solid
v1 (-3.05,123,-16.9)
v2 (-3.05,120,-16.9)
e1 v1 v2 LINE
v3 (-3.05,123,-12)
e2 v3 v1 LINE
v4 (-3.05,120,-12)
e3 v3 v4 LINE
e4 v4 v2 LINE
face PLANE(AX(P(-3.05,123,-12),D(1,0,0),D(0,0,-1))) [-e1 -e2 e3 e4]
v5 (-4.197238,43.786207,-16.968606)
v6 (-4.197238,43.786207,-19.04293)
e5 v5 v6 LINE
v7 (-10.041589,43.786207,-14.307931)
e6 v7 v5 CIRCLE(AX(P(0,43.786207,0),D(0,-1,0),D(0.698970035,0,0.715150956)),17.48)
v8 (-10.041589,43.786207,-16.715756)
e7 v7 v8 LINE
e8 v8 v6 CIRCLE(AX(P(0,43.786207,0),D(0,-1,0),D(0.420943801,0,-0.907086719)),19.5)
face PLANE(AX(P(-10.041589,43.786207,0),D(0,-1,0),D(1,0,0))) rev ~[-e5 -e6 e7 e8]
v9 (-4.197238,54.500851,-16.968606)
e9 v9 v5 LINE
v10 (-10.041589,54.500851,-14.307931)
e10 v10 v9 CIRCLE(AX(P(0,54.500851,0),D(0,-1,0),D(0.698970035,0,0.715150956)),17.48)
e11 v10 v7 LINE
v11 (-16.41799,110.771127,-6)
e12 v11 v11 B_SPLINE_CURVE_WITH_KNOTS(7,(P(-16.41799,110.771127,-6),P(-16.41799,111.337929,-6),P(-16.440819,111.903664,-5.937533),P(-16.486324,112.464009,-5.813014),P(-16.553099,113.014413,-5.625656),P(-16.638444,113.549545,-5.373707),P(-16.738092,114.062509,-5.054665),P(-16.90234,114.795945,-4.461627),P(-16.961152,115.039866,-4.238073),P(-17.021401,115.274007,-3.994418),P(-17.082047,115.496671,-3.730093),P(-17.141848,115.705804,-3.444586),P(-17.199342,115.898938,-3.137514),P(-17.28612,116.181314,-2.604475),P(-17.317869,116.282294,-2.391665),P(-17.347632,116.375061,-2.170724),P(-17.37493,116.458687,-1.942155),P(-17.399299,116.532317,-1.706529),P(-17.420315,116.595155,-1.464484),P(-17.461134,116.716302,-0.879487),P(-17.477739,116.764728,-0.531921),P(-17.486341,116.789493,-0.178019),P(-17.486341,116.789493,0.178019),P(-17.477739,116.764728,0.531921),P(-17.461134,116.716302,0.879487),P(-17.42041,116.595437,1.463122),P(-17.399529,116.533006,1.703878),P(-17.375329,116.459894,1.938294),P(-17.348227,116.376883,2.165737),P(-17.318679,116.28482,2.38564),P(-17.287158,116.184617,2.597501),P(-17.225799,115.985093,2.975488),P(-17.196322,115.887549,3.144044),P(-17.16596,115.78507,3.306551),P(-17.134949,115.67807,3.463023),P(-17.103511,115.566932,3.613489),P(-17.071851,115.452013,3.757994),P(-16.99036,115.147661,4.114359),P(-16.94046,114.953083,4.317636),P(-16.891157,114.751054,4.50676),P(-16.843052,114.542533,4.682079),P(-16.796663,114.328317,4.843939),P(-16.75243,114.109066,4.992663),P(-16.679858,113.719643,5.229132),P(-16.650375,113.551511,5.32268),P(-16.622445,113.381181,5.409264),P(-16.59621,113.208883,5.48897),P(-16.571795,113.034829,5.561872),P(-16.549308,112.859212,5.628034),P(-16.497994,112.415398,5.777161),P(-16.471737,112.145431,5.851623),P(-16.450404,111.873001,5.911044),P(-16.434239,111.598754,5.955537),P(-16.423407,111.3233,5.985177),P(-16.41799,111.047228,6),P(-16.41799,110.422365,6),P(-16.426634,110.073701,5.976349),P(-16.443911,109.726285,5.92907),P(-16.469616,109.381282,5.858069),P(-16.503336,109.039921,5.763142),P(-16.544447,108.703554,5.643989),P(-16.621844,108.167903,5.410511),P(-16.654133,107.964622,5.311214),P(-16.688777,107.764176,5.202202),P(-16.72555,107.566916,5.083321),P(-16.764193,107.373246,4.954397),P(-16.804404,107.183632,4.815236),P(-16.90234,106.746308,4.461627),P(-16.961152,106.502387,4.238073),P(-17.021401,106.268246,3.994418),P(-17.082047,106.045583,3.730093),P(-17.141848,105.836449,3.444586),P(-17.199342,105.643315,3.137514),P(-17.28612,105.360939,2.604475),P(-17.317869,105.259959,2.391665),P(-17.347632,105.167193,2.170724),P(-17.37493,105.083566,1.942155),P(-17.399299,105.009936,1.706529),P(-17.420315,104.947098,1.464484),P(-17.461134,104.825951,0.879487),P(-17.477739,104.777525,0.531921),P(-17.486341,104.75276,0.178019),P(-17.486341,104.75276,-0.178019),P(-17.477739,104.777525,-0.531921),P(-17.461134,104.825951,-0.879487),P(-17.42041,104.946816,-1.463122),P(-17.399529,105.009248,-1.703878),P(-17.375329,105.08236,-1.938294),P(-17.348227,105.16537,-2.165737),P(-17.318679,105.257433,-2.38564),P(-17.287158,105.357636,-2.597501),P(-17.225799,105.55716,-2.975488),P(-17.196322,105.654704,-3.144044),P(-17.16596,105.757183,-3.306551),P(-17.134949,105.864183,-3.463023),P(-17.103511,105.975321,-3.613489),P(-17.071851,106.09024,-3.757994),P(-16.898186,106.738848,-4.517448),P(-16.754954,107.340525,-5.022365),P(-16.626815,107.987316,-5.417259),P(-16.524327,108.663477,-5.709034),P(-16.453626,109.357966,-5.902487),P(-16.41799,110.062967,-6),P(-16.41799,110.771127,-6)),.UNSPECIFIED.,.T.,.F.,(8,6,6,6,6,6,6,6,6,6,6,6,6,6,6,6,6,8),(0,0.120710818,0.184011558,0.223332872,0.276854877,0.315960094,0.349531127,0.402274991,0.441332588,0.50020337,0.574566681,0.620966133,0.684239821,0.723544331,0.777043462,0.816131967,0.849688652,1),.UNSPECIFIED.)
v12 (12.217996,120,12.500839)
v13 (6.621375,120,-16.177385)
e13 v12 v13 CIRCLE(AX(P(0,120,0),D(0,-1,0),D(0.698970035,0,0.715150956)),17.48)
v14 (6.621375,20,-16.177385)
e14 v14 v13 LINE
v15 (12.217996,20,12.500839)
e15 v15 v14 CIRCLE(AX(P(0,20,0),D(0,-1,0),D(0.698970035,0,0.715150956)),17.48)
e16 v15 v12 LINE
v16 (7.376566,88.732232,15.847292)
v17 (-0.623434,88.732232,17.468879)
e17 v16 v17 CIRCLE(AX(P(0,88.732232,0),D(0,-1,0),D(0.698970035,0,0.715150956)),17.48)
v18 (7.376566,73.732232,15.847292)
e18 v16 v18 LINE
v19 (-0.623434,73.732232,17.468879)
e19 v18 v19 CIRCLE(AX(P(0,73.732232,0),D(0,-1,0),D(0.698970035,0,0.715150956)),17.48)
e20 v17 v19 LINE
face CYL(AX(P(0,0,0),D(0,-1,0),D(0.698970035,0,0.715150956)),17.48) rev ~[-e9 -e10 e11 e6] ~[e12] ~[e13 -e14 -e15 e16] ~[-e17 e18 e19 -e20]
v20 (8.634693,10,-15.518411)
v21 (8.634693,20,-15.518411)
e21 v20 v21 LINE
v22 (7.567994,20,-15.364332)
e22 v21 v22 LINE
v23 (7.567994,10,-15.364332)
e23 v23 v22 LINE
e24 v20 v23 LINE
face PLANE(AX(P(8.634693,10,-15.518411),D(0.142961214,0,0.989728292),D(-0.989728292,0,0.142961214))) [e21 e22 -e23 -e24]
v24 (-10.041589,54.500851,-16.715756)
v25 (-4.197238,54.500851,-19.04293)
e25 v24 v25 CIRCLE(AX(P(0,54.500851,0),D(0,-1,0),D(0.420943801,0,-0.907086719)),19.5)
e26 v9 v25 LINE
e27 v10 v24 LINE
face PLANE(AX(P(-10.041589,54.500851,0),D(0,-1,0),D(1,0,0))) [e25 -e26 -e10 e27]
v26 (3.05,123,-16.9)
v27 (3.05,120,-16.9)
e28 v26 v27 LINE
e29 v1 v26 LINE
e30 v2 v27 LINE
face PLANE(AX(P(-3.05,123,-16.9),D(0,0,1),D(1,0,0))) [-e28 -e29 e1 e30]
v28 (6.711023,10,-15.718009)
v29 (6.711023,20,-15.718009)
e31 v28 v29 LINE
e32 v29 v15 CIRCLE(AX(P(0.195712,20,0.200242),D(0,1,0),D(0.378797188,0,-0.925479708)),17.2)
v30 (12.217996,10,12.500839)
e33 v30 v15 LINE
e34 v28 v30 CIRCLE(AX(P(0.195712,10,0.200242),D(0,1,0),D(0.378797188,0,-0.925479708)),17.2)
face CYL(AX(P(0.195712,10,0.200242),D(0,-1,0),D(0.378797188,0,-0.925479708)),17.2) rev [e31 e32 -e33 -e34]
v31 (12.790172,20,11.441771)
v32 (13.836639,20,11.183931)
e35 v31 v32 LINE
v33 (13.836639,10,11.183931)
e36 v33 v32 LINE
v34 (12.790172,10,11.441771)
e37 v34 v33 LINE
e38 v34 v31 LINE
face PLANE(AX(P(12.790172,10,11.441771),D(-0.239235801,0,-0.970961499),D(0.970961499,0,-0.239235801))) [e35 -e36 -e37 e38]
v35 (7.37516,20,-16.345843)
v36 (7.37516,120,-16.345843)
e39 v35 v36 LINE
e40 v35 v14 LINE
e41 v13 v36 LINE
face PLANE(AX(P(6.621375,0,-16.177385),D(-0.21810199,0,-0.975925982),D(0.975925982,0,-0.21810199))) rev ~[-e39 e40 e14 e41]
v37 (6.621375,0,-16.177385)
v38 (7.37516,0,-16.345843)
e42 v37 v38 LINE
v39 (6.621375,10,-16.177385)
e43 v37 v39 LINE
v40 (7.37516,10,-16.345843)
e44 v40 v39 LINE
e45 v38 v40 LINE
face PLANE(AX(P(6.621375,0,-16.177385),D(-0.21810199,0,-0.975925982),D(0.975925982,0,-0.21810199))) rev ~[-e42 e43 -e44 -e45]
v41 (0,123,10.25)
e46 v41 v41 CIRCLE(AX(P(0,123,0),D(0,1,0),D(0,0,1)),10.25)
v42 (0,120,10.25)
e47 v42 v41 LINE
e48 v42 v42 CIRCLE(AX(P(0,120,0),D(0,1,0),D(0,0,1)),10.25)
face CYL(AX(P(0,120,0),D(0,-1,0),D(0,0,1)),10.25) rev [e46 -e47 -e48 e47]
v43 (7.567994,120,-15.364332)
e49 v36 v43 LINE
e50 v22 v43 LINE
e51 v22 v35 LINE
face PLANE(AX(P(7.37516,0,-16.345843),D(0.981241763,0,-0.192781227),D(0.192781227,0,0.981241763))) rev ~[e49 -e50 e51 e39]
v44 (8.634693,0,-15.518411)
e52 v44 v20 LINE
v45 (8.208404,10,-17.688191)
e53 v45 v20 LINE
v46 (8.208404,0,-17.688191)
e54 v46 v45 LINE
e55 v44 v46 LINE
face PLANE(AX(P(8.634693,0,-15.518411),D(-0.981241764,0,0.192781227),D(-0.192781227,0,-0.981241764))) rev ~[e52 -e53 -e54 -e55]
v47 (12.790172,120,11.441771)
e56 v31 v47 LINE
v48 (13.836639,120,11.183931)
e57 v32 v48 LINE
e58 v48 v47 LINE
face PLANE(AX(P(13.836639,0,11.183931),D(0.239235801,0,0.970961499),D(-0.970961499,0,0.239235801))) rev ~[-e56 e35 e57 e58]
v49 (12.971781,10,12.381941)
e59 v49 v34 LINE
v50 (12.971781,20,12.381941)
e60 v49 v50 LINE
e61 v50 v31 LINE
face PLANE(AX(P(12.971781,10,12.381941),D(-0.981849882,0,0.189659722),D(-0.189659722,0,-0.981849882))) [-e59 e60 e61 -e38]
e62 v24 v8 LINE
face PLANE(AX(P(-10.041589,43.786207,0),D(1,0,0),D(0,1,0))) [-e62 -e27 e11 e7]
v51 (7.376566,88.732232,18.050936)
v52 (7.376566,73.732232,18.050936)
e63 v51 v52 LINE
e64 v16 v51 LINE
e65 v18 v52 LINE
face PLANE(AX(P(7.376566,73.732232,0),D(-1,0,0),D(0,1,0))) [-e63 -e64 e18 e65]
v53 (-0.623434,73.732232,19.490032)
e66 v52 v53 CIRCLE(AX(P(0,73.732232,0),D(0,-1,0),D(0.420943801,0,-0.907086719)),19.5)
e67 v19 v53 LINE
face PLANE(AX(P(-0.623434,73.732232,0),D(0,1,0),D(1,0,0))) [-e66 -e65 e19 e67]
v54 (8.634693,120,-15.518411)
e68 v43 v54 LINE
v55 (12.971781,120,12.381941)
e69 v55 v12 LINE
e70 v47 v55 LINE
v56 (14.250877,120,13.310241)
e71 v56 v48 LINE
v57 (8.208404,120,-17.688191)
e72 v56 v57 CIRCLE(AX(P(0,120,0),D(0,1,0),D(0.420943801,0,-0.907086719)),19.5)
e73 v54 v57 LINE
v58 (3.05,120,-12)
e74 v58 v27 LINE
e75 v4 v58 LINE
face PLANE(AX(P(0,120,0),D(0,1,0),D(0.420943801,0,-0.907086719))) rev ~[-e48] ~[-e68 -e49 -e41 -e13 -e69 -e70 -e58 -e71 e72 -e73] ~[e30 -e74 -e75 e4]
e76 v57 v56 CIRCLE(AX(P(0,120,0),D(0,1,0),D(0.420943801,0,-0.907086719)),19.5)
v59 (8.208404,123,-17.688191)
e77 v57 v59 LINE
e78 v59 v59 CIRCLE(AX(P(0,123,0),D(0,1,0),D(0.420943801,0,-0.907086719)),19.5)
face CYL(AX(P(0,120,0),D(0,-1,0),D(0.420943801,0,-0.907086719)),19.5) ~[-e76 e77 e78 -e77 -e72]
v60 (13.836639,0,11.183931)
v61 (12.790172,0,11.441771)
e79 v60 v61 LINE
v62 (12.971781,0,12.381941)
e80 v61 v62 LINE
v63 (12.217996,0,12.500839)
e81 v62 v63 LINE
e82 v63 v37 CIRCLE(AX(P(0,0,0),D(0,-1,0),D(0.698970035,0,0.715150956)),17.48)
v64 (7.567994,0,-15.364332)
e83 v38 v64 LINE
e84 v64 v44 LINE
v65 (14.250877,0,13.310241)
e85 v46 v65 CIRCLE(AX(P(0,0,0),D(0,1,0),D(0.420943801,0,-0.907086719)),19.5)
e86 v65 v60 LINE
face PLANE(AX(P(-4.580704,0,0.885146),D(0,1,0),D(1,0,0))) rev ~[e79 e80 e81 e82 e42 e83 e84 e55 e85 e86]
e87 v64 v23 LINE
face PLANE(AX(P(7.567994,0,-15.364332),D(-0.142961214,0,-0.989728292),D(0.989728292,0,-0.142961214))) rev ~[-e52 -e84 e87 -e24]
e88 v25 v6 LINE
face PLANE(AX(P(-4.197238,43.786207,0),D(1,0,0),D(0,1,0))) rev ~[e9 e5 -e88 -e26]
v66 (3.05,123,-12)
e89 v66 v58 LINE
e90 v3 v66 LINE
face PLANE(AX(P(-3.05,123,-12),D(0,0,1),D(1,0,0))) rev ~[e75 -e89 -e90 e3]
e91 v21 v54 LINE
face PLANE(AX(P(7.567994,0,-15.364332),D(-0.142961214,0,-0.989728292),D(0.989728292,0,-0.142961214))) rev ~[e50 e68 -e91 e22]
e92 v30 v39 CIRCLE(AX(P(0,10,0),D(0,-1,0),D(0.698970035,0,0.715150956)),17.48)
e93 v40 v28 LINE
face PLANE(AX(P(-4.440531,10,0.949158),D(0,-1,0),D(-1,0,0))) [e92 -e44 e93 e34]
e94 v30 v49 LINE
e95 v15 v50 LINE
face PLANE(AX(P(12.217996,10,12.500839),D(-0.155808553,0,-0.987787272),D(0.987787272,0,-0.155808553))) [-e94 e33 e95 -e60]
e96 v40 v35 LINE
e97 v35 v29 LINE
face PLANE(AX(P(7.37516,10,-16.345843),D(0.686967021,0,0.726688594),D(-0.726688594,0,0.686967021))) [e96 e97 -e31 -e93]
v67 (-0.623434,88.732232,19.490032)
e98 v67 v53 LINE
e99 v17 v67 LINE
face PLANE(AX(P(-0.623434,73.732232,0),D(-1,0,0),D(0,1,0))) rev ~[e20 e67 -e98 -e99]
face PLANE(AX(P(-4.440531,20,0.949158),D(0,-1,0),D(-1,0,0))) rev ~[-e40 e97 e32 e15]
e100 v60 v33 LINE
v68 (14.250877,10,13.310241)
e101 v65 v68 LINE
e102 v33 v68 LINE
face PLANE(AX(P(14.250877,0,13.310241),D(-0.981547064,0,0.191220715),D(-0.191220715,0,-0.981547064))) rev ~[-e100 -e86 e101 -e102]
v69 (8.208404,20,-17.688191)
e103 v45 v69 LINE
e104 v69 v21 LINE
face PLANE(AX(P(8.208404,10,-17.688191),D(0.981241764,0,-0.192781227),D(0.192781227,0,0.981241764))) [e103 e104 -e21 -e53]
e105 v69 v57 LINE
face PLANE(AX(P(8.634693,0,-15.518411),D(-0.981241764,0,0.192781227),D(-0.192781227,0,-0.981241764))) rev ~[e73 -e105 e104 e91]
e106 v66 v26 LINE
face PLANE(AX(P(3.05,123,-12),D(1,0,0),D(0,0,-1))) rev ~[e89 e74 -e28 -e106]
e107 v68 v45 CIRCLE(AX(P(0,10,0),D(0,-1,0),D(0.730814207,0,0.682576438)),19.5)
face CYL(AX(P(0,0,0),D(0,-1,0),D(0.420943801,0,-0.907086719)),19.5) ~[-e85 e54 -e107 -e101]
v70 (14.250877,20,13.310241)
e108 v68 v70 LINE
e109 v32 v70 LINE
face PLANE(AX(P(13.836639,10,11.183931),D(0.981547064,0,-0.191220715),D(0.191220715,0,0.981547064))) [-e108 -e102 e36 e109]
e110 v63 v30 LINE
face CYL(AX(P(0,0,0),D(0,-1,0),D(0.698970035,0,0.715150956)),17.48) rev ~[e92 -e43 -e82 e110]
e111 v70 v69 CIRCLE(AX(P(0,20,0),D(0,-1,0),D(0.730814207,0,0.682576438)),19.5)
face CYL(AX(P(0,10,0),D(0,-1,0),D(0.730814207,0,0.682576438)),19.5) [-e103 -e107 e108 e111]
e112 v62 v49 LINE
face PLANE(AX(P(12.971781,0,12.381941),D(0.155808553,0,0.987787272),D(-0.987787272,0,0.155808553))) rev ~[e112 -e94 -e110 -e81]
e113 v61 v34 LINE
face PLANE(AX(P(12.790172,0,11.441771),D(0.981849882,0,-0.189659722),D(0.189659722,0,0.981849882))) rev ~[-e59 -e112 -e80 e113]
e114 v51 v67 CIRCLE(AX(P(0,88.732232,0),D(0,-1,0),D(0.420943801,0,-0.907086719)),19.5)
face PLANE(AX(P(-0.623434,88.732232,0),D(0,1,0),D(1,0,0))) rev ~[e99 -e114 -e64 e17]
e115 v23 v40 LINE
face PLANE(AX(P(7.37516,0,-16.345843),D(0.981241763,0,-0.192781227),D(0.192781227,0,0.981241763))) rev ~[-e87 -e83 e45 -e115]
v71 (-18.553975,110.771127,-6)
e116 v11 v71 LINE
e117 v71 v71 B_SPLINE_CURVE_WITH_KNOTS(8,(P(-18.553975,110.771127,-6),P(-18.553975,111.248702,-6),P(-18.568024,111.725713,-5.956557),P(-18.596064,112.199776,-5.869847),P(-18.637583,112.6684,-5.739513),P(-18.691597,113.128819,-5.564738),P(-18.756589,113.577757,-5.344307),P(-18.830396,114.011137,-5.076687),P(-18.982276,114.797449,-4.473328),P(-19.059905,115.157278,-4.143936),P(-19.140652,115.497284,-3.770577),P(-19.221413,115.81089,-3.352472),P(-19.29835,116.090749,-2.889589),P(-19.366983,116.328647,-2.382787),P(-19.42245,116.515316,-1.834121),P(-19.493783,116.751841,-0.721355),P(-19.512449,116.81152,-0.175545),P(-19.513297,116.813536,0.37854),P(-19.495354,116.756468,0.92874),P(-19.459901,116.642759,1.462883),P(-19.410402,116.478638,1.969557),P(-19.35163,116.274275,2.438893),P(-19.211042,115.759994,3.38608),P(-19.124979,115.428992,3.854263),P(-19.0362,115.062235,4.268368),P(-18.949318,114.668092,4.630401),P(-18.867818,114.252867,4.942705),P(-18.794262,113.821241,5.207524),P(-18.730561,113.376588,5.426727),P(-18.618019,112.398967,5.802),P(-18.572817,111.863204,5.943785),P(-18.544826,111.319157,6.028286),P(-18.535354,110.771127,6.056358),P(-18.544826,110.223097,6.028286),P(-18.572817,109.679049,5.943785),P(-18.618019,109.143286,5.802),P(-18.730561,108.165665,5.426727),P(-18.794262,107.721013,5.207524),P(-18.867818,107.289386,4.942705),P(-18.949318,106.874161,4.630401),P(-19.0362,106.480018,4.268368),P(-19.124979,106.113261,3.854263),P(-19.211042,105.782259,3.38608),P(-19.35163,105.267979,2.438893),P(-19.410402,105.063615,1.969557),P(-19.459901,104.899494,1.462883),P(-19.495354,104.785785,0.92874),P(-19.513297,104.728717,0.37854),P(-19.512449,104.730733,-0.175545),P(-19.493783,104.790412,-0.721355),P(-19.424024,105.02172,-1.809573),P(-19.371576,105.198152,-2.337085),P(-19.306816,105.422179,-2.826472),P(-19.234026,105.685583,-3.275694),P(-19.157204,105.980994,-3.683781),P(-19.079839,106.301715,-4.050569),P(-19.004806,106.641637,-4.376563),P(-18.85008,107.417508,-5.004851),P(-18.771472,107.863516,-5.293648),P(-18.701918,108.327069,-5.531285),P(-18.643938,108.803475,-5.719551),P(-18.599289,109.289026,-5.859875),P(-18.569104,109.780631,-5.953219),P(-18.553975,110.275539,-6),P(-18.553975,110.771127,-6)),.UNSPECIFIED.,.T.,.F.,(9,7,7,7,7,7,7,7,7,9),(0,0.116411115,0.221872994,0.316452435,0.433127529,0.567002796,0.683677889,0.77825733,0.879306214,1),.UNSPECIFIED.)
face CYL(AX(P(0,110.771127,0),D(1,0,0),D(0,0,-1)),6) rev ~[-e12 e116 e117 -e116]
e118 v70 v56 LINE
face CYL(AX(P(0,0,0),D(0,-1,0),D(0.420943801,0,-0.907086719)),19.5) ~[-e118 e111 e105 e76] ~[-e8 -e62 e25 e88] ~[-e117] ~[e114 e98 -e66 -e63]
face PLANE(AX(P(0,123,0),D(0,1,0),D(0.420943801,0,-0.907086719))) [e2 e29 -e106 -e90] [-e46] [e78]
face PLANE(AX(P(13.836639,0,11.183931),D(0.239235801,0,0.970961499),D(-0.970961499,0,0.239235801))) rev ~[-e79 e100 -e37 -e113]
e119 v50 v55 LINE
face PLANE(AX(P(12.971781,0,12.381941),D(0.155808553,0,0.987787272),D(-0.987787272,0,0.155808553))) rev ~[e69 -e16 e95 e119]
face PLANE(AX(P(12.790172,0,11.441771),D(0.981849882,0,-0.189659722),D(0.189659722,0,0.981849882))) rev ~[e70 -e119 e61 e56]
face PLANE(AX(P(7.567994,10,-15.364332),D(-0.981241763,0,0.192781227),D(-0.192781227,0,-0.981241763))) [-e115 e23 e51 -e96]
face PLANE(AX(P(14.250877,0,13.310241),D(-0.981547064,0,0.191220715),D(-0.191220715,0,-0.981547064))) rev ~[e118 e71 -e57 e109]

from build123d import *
from build123d.topology import SkipClean

# Parameters (mm, degrees)
BOSS_EXTRUDE1_DEPTH = 120
SKETCH13_R          = 19.5
SKETCH13_R_2        = 10.25
BOSS_EXTRUDE3_DEPTH = 3
SKETCH16_W          = 6.1
SKETCH16_H          = 4.9
CUT_EXTRUDE1_DEPTH  = 5
SKETCH17_W          = 8
SKETCH17_H          = 15
CUT_EXTRUDE2_DEPTH  = 150
SKETCH18_R          = 6
CUT_EXTRUDE5_DEPTH  = 20
SKETCH21_W          = 5.844351091
SKETCH21_H          = 10.714643668
CUT_EXTRUDE6_DEPTH  = 120
BOSS_EXTRUDE4_DEPTH = 10


with BuildPart() as part:
    # Sketch12 → Boss-Extrude1 (new body)
    with BuildSketch(Plane(origin=(0, 0, 0), x_dir=(1, 0, 0), z_dir=(0, 1, 0))):
        with BuildLine():
            Line((8.634693417, 15.51841097), (8.20840412, 17.688191027))
            ThreePointArc((8.20840412, 17.688191027), (-19.139762737, -3.730882249), (14.250877044, -13.310240549))
            Line((14.250877044, -13.310240549), (13.836638735, -11.183931196))
            Line((13.836638735, -11.183931196), (12.790172439, -11.44177067))
            Line((12.790172439, -11.44177067), (12.971781009, -12.381940525))
            Line((12.971781009, -12.381940525), (12.217996211, -12.500838715))
            ThreePointArc((12.217996211, -12.500838715), (-17.156357674, -3.348102652), (6.621374847, 16.1773853))
            Line((6.621374847, 16.1773853), (7.375159644, 16.345842711))
            Line((7.375159644, 16.345842711), (7.567993782, 15.364331637))
            Line((7.567993782, 15.364331637), (8.634693417, 15.51841097))
        make_face()
    extrude(amount=BOSS_EXTRUDE1_DEPTH)

    # Sketch13 → Boss-Extrude3 (add)
    with BuildSketch(Plane(origin=(0, 120, 0), x_dir=(1, 0, 0), z_dir=(0, 1, 0))):
        with Locations(Location((0, 0, 0), (0, 0, 65.10581206))):
            Circle(SKETCH13_R)
        with Locations(Location((0, 0, 0), (0, 0, 270))):
            Circle(SKETCH13_R_2, mode=Mode.SUBTRACT)
    extrude(amount=BOSS_EXTRUDE3_DEPTH)

    # Sketch16 → Cut-Extrude1 (cut)
    with BuildSketch(Plane(origin=(0, 123, 0), x_dir=(1, 0, 0), z_dir=(0, 1, 0))):
        with Locations((0, 14.45)):
            Rectangle(SKETCH16_W, SKETCH16_H)
    extrude(amount=-CUT_EXTRUDE1_DEPTH, mode=Mode.SUBTRACT)

    # Sketch17 → Cut-Extrude2 (cut)
    with BuildSketch(Plane.XY):
        with Locations((3.376565864, 81.232231727)):
            Rectangle(SKETCH17_W, SKETCH17_H)
    extrude(amount=CUT_EXTRUDE2_DEPTH, mode=Mode.SUBTRACT)

    # Sketch18 → Cut-Extrude5 (cut)
    with BuildSketch(Plane(origin=(0, 0, 0), x_dir=(0, 0, -1), z_dir=(1, 0, 0))):
        with Locations((0, 110.771126565)):
            Circle(SKETCH18_R)
    extrude(amount=-CUT_EXTRUDE5_DEPTH, mode=Mode.SUBTRACT)

    # Sketch21 → Cut-Extrude6 (cut)
    with BuildSketch(Plane.XY):
        with Locations((-7.11941315, 49.143528952)):
            Rectangle(SKETCH21_W, SKETCH21_H)
    extrude(amount=-CUT_EXTRUDE6_DEPTH, mode=Mode.SUBTRACT)

    # Sketch24 → Boss-Extrude4 (add)
    with SkipClean():  # the faces are left unmerged after this step: merging them gives an invalid solid
        with BuildSketch(Plane(origin=(0, 10, 0), x_dir=(-1, 0, 0), z_dir=(0, -1, 0))):
            with BuildLine():
                Line((-8.634693417, 15.51841097), (-7.567993782, 15.364331637))
                Line((-7.567993782, 15.364331637), (-7.375159644, 16.345842711))
                Line((-7.375159644, 16.345842711), (-6.711023244, 15.718008714))
                ThreePointArc((-6.711023244, 15.718008714), (16.685830266, -3.494713985), (-12.217996211, -12.500838715))
                Line((-12.217996211, -12.500838715), (-12.971781009, -12.381940525))
                Line((-12.971781009, -12.381940525), (-12.790172439, -11.44177067))
                Line((-12.790172439, -11.44177067), (-13.836638735, -11.183931196))
                Line((-13.836638735, -11.183931196), (-14.250877044, -13.310240549))
                ThreePointArc((-14.250877044, -13.310240549), (19.139762737, -3.730882249), (-8.20840412, 17.688191027))
                Line((-8.20840412, 17.688191027), (-8.634693417, 15.51841097))
            make_face()
        extrude(amount=-BOSS_EXTRUDE4_DEPTH)


solid = part.part
